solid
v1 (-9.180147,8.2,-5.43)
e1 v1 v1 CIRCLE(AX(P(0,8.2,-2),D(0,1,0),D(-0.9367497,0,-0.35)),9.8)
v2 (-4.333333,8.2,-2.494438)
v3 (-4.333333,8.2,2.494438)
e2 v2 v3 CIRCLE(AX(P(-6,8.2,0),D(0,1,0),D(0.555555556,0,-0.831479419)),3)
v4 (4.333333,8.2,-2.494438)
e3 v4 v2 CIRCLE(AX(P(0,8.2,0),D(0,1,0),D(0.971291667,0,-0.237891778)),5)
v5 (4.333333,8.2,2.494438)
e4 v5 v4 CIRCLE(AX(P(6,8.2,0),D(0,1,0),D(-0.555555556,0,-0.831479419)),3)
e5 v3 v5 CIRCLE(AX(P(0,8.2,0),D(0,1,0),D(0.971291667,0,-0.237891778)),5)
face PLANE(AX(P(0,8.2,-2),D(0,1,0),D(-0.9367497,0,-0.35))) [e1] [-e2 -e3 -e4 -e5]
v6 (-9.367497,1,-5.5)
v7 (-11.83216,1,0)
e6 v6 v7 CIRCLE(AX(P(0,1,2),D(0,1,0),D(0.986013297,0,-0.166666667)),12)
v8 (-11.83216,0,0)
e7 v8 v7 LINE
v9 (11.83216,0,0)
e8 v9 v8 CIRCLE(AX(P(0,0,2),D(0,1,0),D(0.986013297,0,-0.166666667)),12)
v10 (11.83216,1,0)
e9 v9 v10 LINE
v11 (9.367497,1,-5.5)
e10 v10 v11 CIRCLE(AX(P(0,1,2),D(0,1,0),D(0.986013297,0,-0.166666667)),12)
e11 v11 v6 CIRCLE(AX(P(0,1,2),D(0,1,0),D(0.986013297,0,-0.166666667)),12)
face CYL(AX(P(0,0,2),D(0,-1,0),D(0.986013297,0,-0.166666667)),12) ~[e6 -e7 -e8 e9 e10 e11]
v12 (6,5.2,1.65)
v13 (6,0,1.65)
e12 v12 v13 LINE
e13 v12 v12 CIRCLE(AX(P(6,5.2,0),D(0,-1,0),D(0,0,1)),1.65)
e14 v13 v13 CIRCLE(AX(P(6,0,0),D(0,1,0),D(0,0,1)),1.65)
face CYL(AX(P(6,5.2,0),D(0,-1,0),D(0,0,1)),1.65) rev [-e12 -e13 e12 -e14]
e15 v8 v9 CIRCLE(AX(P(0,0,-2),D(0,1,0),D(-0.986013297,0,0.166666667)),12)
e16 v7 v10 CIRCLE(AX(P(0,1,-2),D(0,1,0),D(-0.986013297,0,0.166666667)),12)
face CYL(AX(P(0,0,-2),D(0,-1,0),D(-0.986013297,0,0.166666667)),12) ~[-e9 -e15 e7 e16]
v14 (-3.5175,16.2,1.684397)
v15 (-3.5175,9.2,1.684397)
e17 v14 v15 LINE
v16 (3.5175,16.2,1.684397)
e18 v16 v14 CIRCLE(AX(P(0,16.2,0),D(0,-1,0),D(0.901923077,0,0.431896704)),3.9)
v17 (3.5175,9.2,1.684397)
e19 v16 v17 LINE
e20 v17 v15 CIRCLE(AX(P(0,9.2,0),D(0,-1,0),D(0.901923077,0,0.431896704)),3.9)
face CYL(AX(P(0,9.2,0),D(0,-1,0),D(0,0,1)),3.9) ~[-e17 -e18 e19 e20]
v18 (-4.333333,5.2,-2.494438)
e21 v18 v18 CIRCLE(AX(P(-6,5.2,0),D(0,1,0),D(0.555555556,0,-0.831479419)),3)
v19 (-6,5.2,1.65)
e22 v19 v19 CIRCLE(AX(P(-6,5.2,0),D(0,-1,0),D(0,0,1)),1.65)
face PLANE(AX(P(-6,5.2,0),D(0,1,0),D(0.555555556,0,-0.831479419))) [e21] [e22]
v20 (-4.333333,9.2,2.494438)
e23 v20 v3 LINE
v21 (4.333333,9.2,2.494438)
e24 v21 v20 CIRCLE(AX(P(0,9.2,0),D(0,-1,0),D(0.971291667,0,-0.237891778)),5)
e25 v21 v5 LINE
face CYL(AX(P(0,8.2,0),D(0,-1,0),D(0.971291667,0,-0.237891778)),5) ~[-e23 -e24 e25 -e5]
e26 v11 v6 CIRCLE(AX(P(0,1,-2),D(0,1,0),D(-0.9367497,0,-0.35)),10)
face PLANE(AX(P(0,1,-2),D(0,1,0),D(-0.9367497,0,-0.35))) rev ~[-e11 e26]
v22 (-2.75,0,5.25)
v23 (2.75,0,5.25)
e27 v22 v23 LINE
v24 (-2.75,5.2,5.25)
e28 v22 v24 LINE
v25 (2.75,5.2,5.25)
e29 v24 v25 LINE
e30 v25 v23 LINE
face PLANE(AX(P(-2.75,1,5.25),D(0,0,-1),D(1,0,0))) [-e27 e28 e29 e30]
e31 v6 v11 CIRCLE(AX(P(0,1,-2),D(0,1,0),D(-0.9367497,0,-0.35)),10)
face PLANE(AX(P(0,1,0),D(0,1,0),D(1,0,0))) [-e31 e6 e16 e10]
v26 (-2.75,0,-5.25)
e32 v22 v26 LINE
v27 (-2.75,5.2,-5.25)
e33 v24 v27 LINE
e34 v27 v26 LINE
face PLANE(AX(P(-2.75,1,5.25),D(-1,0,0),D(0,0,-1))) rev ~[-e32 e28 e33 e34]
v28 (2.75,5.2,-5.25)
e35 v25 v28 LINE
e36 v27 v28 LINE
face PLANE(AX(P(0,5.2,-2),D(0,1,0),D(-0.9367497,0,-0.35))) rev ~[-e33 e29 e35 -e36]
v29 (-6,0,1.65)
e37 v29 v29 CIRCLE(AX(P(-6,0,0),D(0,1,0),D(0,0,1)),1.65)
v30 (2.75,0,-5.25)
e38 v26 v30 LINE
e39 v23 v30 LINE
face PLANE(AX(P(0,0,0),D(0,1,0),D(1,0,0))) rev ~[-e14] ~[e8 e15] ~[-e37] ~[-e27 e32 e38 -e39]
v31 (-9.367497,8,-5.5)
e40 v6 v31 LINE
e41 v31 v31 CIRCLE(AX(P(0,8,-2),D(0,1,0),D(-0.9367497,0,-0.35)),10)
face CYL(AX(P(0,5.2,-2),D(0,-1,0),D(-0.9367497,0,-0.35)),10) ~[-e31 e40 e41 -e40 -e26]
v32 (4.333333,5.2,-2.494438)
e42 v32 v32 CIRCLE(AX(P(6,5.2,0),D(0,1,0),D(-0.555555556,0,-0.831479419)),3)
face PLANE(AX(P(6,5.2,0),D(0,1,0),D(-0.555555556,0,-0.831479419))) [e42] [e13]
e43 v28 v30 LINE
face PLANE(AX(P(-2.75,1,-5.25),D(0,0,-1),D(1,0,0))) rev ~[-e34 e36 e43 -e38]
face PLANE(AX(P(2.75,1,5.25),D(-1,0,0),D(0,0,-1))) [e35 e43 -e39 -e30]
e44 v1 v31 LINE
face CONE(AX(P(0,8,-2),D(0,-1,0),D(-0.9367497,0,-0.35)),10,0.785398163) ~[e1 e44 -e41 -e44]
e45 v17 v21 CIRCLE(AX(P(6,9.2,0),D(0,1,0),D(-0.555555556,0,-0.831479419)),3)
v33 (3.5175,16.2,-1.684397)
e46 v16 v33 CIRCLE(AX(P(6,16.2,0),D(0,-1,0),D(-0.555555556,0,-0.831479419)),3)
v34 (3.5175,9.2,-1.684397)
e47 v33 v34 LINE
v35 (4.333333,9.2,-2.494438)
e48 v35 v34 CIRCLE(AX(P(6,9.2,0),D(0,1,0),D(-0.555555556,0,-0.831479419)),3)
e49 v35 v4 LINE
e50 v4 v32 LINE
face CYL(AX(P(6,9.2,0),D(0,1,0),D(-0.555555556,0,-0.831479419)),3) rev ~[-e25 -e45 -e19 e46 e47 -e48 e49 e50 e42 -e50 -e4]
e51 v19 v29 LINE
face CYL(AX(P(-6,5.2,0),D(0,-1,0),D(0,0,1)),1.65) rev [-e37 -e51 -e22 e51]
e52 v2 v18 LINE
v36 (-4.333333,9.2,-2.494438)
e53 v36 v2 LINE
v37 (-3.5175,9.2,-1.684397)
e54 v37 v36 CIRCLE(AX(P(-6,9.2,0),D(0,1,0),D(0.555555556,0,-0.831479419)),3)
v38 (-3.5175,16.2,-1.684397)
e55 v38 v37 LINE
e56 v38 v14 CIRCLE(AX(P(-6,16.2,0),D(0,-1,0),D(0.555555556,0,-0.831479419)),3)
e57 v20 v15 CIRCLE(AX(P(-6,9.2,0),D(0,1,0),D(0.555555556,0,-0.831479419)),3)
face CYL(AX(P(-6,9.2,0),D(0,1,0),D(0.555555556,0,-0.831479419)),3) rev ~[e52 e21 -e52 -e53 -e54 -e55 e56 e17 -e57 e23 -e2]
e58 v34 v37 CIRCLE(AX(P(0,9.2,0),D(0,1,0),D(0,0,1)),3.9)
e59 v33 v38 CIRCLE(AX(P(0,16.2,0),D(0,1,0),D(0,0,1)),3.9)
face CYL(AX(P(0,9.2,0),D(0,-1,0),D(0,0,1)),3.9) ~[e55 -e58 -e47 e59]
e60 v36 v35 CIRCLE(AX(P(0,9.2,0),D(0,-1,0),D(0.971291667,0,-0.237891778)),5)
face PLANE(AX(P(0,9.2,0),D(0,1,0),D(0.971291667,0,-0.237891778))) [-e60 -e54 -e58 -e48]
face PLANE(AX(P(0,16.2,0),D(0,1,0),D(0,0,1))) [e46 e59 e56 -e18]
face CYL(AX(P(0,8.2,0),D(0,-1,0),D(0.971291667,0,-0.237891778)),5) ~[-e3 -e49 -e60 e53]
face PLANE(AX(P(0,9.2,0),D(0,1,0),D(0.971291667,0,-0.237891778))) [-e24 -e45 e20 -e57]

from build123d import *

# Parameters (mm, degrees)
SKETCH1_R               = 1.65
SKETCH1_W               = 5.5
SKETCH1_H               = 10.5
BOSS_EXTRUDE1_DEPTH     = 1
SKETCH2_R               = 10
SKETCH2_R_2             = 1.65
SKETCH2_W               = 5.5
SKETCH2_H               = 10.5
BOSS_EXTRUDE2_DEPTH     = 4.2
SKETCH3_R               = 10
SKETCH3_R_2             = 1.65
BOSS_EXTRUDE3_DEPTH     = 3
SKETCH4_R               = 5
BOSS_EXTRUDE4_DEPTH     = 1
SKETCH5_R               = 3.9
BOSS_EXTRUDE5_DEPTH     = 7
SKETCH6_R               = 3
CUT_EXTRUDE1_DEPTH      = 10
CUT_EXTRUDE1_DEPTH_BACK = 4
CHAMFER1_SIZE           = 0.2


with BuildPart() as part:
    # Sketch1 → Boss-Extrude1 (new body)
    with BuildSketch(Plane(origin=(0, 0, 0), x_dir=(1, 0, 0), z_dir=(0, 1, 0))):
        with BuildLine():
            ThreePointArc((-11.832159566, 0), (0, -10), (11.832159566, 0))
            ThreePointArc((11.832159566, 0), (0, 10), (-11.832159566, 0))
        make_face()
        with Locations(Location((-6, 0, 0), (0, 0, 270))):
            Circle(SKETCH1_R, mode=Mode.SUBTRACT)
        with Locations(Location((6, 0, 0), (0, 0, 270))):
            Circle(SKETCH1_R, mode=Mode.SUBTRACT)
        Rectangle(SKETCH1_W, SKETCH1_H, mode=Mode.SUBTRACT)
    extrude(amount=BOSS_EXTRUDE1_DEPTH)

    # Sketch2 → Boss-Extrude2 (add)
    with BuildSketch(Plane(origin=(0, 1, 0), x_dir=(1, 0, 0), z_dir=(0, 1, 0))):
        with Locations(Location((0, 2, 0), (0, 0, 159.512684885))):
            Circle(SKETCH2_R)
        with Locations(Location((6, 0, 0), (0, 0, 270))):
            Circle(SKETCH2_R_2, mode=Mode.SUBTRACT)
        with Locations(Location((-6, 0, 0), (0, 0, 270))):
            Circle(SKETCH2_R_2, mode=Mode.SUBTRACT)
        Rectangle(SKETCH2_W, SKETCH2_H, mode=Mode.SUBTRACT)
    extrude(amount=BOSS_EXTRUDE2_DEPTH)

    # Sketch3 → Boss-Extrude3 (add)
    with BuildSketch(Plane(origin=(0, 5.2, 0), x_dir=(1, 0, 0), z_dir=(0, 1, 0))):
        with Locations(Location((0, 2, 0), (0, 0, 159.512684885))):
            Circle(SKETCH3_R)
        with Locations(Location((6, 0, 0), (0, 0, 270))):
            Circle(SKETCH3_R_2, mode=Mode.SUBTRACT)
        with Locations(Location((-6, 0, 0), (0, 0, 270))):
            Circle(SKETCH3_R_2, mode=Mode.SUBTRACT)
    extrude(amount=BOSS_EXTRUDE3_DEPTH)

    # Sketch4 → Boss-Extrude4 (add)
    with BuildSketch(Plane(origin=(0, 8.2, 0), x_dir=(1, 0, 0), z_dir=(0, 1, 0))):
        with Locations(Location((0, 0, 0), (0, 0, 13.762144757))):
            Circle(SKETCH4_R)
    extrude(amount=BOSS_EXTRUDE4_DEPTH)

    # Sketch5 → Boss-Extrude5 (add)
    with BuildSketch(Plane(origin=(0, 9.2, 0), x_dir=(1, 0, 0), z_dir=(0, 1, 0))):
        with Locations(Location((0, 0, 0), (0, 0, 270))):
            Circle(SKETCH5_R)
    extrude(amount=BOSS_EXTRUDE5_DEPTH)

    # Sketch6 → Cut-Extrude1 (cut, two sides)
    with BuildSketch(Plane(origin=(0, 9.2, 0), x_dir=(1, 0, 0), z_dir=(0, 1, 0))) as cut_extrude1_sk:
        with Locations(Location((-6, 0, 0), (0, 0, 56.251011404))):
            Circle(SKETCH6_R)
        with Locations(Location((6, 0, 0), (0, 0, 123.748988596))):
            Circle(SKETCH6_R)
    extrude(amount=CUT_EXTRUDE1_DEPTH, mode=Mode.SUBTRACT)
    extrude(cut_extrude1_sk.sketch, amount=-CUT_EXTRUDE1_DEPTH_BACK, mode=Mode.SUBTRACT)

    # Chamfer1
    chamfer1_edges = [part.edges().sort_by_distance(p)[0] for p in [
        (9.367496998, 8.2, 1.5),
    ]]
    chamfer(chamfer1_edges, length=CHAMFER1_SIZE)


solid = part.part
